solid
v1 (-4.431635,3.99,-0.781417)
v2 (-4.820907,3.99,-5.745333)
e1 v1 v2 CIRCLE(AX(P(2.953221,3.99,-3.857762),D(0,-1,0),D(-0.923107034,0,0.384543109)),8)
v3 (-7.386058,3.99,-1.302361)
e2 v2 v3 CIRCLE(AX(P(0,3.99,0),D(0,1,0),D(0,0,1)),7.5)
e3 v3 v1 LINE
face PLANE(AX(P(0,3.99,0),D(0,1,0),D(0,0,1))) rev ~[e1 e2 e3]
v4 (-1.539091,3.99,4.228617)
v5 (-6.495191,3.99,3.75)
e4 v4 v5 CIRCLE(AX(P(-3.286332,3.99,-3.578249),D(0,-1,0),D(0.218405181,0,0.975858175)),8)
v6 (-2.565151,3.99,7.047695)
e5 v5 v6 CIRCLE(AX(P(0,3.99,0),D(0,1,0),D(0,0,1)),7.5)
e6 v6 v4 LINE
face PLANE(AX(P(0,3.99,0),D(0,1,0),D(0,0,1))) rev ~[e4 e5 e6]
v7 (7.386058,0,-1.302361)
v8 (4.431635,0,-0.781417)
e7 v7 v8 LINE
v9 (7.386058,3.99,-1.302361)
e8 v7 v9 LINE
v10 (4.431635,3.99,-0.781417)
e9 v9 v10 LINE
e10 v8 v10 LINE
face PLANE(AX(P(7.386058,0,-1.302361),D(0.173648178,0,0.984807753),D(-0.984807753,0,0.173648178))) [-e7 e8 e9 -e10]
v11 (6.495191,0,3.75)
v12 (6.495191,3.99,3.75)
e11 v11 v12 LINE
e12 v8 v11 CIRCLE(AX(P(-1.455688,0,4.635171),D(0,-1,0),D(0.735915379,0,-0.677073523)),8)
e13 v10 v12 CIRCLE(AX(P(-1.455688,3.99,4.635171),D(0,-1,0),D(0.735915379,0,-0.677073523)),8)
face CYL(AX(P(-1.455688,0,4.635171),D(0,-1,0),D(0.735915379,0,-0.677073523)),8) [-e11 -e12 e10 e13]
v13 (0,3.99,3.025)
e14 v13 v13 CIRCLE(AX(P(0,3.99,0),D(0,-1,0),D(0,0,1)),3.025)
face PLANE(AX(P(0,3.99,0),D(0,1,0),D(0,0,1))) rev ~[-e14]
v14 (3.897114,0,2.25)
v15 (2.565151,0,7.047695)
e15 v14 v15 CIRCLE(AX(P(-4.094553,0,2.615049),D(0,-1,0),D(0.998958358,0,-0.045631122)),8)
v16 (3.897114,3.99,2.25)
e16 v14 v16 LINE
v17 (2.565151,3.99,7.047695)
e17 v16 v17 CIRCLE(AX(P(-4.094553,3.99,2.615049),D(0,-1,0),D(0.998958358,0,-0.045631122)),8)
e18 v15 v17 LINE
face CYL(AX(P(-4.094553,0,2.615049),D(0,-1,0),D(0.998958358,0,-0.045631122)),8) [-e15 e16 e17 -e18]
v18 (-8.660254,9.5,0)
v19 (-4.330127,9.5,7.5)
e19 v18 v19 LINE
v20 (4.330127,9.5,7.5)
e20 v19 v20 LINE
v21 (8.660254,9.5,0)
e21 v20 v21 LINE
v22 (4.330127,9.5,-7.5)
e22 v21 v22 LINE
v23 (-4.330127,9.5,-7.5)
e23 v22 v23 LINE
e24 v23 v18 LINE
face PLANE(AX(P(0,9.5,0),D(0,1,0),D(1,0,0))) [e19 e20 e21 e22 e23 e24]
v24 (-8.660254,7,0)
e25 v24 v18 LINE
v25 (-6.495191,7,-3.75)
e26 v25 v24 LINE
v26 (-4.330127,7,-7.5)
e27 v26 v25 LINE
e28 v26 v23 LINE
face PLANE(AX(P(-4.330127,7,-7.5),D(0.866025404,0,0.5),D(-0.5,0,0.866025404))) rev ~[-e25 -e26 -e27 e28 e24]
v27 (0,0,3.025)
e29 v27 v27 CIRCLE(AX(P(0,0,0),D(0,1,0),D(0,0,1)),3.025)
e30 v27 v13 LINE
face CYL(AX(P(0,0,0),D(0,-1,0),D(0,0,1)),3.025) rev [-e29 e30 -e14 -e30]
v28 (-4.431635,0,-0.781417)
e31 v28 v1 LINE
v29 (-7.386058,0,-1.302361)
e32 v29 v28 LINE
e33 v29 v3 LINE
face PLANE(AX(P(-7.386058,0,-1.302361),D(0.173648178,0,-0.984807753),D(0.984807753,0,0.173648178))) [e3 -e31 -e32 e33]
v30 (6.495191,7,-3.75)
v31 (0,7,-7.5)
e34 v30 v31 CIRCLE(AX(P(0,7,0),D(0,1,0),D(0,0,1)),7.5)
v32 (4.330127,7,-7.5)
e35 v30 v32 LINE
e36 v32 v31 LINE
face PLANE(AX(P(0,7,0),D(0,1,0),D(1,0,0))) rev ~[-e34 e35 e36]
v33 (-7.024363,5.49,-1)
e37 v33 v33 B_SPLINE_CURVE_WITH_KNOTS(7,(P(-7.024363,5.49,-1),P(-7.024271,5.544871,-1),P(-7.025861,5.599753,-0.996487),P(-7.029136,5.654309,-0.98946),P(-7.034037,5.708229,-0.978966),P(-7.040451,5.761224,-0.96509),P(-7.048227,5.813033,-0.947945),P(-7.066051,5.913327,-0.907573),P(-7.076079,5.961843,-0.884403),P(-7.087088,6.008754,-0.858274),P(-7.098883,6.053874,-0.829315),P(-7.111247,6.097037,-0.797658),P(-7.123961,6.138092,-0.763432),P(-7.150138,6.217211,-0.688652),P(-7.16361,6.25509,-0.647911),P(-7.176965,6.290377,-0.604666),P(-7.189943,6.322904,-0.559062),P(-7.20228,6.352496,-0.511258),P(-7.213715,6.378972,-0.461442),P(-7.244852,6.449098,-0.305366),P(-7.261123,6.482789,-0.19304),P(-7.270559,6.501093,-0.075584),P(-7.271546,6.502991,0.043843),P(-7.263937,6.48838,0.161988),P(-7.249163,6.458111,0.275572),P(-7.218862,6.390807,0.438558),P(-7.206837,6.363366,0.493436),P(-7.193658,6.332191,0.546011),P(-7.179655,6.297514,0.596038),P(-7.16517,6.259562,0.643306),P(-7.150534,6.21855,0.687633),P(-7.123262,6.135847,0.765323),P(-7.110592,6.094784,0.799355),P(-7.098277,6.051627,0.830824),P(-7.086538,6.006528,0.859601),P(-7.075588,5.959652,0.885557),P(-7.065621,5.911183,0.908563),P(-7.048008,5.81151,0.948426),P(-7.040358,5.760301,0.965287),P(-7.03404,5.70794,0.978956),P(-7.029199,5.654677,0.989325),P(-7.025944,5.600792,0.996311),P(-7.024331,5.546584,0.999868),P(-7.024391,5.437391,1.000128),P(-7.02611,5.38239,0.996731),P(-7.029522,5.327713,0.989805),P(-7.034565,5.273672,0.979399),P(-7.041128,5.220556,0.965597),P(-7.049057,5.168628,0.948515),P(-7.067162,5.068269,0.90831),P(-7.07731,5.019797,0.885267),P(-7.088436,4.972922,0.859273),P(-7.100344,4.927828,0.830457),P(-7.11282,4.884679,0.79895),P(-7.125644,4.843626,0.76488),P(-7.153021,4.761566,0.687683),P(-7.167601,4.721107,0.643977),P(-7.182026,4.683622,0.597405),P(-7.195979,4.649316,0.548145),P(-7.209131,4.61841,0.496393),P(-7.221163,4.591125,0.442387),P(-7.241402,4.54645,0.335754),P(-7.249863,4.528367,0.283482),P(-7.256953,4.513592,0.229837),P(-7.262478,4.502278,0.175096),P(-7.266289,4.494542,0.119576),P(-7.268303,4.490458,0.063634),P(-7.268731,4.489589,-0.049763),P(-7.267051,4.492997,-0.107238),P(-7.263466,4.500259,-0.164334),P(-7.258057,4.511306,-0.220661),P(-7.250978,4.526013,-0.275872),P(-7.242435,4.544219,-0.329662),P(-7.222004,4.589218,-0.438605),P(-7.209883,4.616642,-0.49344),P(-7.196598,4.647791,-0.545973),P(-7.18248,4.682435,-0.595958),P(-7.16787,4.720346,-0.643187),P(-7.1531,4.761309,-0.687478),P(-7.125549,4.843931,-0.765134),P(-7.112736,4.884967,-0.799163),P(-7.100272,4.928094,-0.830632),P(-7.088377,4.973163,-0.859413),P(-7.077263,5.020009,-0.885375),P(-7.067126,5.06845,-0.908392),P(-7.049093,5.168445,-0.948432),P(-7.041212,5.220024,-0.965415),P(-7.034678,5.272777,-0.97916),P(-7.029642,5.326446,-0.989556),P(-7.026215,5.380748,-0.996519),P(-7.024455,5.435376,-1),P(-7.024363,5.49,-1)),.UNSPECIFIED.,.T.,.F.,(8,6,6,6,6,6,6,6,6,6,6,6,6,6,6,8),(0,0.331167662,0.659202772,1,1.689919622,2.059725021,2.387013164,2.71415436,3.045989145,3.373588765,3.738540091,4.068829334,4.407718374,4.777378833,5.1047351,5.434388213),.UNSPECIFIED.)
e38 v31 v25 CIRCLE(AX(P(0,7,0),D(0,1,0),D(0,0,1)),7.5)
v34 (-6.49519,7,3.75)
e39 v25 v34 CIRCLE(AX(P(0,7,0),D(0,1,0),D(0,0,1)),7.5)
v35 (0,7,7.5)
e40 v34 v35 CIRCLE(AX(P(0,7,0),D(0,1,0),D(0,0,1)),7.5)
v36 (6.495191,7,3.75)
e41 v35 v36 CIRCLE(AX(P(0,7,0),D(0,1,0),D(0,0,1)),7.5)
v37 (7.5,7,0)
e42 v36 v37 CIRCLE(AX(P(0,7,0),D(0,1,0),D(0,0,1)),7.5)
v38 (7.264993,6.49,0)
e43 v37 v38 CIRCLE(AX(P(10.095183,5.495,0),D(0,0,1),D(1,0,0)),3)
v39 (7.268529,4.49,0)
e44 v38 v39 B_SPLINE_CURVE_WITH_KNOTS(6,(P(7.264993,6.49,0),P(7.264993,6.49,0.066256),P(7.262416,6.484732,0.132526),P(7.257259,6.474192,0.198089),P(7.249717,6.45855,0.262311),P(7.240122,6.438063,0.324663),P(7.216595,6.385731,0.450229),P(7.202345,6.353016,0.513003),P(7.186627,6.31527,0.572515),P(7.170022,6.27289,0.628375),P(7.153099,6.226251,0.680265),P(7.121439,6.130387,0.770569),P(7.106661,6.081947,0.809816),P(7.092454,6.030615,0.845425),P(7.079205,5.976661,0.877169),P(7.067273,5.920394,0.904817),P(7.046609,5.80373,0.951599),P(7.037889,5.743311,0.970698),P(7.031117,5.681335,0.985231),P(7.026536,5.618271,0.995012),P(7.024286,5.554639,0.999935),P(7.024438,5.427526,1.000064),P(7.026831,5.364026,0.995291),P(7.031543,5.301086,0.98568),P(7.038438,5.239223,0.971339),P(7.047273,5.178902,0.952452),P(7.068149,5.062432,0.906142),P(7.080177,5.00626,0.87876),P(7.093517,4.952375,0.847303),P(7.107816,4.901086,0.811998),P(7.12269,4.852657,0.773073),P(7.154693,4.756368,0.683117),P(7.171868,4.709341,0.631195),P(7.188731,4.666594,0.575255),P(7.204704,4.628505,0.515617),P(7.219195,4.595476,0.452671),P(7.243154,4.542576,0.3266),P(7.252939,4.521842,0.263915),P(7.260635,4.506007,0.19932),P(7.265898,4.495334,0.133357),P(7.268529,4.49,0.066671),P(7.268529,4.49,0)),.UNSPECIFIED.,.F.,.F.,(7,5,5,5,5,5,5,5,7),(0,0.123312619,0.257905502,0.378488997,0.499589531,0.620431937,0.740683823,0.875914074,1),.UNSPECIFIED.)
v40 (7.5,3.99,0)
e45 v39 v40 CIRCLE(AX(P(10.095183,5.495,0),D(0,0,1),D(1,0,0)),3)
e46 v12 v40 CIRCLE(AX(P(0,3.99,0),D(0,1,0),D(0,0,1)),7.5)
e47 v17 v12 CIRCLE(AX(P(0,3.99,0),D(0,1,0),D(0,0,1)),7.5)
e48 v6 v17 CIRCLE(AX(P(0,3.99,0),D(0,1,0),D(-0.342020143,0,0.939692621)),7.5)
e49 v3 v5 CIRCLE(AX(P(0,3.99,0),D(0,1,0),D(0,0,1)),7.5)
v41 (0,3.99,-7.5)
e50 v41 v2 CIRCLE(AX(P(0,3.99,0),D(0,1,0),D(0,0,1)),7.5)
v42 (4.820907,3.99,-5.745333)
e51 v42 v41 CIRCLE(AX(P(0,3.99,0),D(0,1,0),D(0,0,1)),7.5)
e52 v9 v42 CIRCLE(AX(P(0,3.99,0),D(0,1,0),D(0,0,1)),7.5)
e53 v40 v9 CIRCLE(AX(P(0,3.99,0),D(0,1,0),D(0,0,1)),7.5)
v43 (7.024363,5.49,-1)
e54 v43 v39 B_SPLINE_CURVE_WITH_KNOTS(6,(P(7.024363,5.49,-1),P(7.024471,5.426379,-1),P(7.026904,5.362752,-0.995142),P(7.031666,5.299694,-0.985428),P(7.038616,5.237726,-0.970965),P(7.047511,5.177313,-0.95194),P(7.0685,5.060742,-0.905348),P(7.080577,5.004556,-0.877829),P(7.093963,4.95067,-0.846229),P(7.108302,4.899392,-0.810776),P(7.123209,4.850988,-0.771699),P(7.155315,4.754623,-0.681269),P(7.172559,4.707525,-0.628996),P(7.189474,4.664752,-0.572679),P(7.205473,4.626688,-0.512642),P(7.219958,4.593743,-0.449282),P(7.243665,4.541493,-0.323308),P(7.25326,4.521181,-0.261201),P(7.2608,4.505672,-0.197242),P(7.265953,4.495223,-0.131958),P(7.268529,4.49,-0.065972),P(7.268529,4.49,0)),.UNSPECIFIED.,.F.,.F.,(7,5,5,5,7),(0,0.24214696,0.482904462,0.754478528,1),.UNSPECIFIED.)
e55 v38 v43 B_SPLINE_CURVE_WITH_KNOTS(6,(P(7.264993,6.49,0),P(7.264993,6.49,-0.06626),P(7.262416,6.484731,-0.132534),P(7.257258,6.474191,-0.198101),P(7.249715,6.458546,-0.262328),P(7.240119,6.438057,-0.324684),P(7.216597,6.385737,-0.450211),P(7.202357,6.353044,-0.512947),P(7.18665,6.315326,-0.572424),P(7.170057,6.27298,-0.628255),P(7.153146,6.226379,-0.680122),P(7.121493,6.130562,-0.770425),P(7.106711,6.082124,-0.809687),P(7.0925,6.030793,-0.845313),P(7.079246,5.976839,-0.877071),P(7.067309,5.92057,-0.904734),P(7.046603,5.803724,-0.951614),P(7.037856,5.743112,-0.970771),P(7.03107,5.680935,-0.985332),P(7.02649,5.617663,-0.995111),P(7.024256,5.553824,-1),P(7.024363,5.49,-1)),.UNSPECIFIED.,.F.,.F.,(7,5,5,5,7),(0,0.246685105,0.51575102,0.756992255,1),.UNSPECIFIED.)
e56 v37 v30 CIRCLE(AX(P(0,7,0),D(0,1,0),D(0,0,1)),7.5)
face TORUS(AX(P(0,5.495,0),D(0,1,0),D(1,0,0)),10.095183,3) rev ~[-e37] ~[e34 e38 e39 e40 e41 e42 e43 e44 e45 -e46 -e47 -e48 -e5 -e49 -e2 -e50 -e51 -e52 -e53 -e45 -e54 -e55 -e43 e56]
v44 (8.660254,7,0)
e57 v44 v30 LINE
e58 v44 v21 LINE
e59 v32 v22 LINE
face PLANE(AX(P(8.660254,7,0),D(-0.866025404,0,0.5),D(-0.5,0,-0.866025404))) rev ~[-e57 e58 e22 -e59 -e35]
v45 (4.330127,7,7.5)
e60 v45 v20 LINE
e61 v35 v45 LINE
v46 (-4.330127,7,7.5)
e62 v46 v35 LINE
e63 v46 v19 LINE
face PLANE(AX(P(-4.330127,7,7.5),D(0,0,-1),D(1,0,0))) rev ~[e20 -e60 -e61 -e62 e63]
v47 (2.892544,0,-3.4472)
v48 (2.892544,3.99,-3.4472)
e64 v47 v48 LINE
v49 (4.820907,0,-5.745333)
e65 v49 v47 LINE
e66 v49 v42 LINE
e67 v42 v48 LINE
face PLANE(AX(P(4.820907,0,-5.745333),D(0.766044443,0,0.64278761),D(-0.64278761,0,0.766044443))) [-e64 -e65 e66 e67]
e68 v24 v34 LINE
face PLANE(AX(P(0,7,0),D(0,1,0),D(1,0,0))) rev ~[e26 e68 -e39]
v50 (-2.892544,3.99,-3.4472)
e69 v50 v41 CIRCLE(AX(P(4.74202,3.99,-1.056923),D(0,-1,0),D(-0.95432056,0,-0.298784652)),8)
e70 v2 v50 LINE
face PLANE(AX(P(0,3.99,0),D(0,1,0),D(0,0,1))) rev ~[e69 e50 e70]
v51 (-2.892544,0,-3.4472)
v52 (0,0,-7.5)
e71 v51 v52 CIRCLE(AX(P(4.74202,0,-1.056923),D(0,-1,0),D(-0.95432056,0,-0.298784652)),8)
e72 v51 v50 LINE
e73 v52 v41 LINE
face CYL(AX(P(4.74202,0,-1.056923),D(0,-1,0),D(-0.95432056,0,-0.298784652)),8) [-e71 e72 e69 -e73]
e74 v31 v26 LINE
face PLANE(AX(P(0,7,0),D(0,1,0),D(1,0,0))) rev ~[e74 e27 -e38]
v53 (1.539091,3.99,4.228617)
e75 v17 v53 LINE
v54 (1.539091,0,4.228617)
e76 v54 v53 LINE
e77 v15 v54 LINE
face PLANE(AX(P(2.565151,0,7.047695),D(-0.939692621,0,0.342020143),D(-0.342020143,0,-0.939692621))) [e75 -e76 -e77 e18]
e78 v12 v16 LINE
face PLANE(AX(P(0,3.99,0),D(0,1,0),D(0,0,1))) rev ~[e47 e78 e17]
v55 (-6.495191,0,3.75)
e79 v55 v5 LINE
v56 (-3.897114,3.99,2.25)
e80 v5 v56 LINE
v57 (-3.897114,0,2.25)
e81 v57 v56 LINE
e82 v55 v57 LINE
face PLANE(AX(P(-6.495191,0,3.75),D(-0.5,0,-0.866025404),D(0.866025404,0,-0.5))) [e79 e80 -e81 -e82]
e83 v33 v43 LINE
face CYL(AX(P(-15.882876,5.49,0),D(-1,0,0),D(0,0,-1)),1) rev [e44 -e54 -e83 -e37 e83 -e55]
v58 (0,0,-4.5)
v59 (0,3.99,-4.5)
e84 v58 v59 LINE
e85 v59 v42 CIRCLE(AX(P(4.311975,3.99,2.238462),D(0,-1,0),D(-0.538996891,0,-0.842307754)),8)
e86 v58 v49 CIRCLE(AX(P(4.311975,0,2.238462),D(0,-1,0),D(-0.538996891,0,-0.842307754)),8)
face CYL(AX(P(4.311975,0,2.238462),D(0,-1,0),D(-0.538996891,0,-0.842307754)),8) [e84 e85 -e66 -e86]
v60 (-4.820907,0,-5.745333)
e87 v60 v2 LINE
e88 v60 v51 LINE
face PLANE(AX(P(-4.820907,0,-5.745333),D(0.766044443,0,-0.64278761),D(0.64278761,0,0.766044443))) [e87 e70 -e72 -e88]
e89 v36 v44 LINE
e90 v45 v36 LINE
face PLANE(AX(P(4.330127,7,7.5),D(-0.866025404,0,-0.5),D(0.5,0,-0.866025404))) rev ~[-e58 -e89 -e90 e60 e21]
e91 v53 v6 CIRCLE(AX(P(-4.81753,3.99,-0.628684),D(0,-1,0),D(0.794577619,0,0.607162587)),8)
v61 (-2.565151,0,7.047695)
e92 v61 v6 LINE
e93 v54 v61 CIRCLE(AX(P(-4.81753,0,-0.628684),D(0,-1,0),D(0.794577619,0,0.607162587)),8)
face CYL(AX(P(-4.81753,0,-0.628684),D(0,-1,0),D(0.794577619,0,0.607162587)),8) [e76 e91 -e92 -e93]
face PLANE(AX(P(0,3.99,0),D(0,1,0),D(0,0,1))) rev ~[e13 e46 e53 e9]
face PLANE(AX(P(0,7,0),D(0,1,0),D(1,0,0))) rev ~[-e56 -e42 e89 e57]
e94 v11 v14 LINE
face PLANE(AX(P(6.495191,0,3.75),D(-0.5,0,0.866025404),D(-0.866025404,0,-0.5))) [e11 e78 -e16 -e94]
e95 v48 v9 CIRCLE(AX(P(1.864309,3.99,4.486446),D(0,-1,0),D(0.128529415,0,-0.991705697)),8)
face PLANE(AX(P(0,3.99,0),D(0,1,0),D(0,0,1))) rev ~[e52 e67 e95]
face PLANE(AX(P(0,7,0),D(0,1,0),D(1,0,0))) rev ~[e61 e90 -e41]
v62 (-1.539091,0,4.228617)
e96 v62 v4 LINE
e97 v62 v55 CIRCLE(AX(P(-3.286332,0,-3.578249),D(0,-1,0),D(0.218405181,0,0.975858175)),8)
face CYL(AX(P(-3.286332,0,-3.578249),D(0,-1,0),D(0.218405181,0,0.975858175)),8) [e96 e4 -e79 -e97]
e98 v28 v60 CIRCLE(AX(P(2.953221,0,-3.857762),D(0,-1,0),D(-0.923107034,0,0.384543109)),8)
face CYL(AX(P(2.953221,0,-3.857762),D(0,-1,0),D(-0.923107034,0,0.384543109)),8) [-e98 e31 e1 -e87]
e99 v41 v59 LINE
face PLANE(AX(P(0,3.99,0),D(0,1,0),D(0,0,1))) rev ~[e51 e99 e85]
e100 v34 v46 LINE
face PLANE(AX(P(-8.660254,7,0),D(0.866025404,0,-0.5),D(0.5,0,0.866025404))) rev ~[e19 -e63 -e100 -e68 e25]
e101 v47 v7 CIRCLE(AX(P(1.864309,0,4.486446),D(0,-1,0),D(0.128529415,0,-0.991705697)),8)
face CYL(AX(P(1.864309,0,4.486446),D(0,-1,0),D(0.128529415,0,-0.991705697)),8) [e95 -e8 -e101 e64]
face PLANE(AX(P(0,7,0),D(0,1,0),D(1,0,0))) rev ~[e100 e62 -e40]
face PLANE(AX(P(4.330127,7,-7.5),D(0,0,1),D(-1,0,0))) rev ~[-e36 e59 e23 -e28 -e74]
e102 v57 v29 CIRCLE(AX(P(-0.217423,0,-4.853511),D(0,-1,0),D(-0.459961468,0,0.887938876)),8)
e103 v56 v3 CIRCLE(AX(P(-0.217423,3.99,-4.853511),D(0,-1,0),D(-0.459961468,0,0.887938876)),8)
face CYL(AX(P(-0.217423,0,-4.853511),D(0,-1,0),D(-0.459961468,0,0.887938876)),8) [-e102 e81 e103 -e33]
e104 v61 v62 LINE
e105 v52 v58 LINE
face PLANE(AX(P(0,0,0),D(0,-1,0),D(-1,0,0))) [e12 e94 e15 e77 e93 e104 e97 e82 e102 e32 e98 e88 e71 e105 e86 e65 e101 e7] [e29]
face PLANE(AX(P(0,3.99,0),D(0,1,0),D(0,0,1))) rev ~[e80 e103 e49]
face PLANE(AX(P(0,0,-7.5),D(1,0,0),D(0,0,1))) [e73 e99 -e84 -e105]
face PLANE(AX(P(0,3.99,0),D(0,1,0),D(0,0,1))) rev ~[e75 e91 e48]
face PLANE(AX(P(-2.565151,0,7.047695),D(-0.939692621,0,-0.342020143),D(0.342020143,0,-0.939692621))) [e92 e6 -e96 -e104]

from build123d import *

# Parameters (mm, degrees)
SKETCH1_R                = 3.025
BOSS_EXTRUDE1_DEPTH      = 4
BOSS_EXTRUDE2_DEPTH      = 3
BOSS_EXTRUDE2_DEPTH_BACK = 0.01
SKETCH2_R                = 7.5
BOSS_EXTRUDE3_DEPTH      = 2.5
CUT_EXTRUDE1_DEPTH       = 15.882876066
CUT_EXTRUDE1_DEPTH_BACK  = 15.882876066
SKETCH4_R                = 1


with BuildPart() as part:
    # Sketch1 → Boss-Extrude1 (new body)
    with BuildSketch(Plane(origin=(0, 0, 0), x_dir=(1, 0, 0), z_dir=(0, 1, 0))):
        with BuildLine():
            ThreePointArc((4.820907073, 5.745333323), (2.311100785, 5.507278856), (0, 4.5))
            Line((0, 4.5), (0, 7.5))
            ThreePointArc((0, 7.5), (-1.769604698, 5.704367313), (-2.892544244, 3.447199994))
            Line((-2.892544244, 3.447199994), (-4.820907073, 5.745333323))
            ThreePointArc((-4.820907073, 5.745333323), (-5.022292475, 3.232318908), (-4.431634889, 0.7814168))
            Line((-4.431634889, 0.7814168), (-7.386058148, 1.302361333))
            ThreePointArc((-7.386058148, 1.302361333), (-5.924993787, -0.752167437), (-3.897114317, -2.25))
            Line((-3.897114317, -2.25), (-6.495190528, -3.75))
            ThreePointArc((-6.495190528, -3.75), (-4.055324657, -4.384706279), (-1.539090645, -4.228616794))
            Line((-1.539090645, -4.228616794), (-2.565151075, -7.047694656))
            ThreePointArc((-2.565151075, -7.047694656), (-0.28812405, -5.965592323), (1.539090645, -4.228616794))
            Line((1.539090645, -4.228616794), (2.565151075, -7.047694656))
            ThreePointArc((2.565151075, -7.047694656), (3.613893002, -4.755111418), (3.897114317, -2.25))
            Line((3.897114317, -2.25), (6.495190528, -3.75))
            ThreePointArc((6.495190528, -3.75), (5.824929355, -1.319661034), (4.431634889, 0.7814168))
            Line((4.431634889, 0.7814168), (7.386058148, 1.302361333))
            ThreePointArc((7.386058148, 1.302361333), (5.310416525, 2.733273415), (2.892544244, 3.447199994))
            Line((2.892544244, 3.447199994), (4.820907073, 5.745333323))
        make_face()
        Circle(SKETCH1_R, mode=Mode.SUBTRACT)
    extrude(amount=BOSS_EXTRUDE1_DEPTH)

    # Sketch2 → Boss-Extrude2 (add, two sides: drawn at the far end of the back side and taken through both)
    with BuildSketch(Plane(origin=(0, 4, 0), x_dir=(1, 0, 0), z_dir=(0, 1, 0)).offset(-BOSS_EXTRUDE2_DEPTH_BACK)):
        Circle(SKETCH2_R)
    extrude(amount=BOSS_EXTRUDE2_DEPTH + BOSS_EXTRUDE2_DEPTH_BACK)

    # Sketch3 → Boss-Extrude3 (add)
    with BuildSketch(Plane(origin=(0, 7, 0), x_dir=(1, 0, 0), z_dir=(0, 1, 0))):
        Polygon((4.330127019, 7.5), (-4.330127019, 7.5), (-8.660254038, 0), (-4.330127019, -7.5), (4.330127019, -7.5), (8.660254038, 0), align=None)
    extrude(amount=BOSS_EXTRUDE3_DEPTH)

    # Sketch4 → Cut-Extrude1 (cut, two sides: drawn at the far end of the back side and taken through both)
    with BuildSketch(Plane(origin=(0, 0, 0), x_dir=(0, 0, -1), z_dir=(1, 0, 0)).offset(-CUT_EXTRUDE1_DEPTH_BACK)):
        with Locations((0, 5.49)):
            Circle(SKETCH4_R)
    extrude(amount=CUT_EXTRUDE1_DEPTH + CUT_EXTRUDE1_DEPTH_BACK, mode=Mode.SUBTRACT)

    # Cut-Sweep1: sweep along a path in Sketch2<2>
    with BuildLine(Plane(origin=(0, 4, 0), x_dir=(1, 0, 0), z_dir=(0, 1, 0))) as cut_sweep1_path:
        CenterArc((0, 0), 7.5, 0, 360)
    # Sketch5 → Cut-Sweep1 (sweep, cut)
    with BuildSketch(Plane(origin=(0, 0, 0), x_dir=(0, 0, -1), z_dir=(1, 0, 0))):
        with BuildLine():
            Line((7.5, 7), (7.5, 3.99))
            ThreePointArc((7.5, 3.99), (7.095183038, 5.495), (7.5, 7))
        make_face()
    sweep(path=cut_sweep1_path.line, mode=Mode.SUBTRACT)


solid = part.part
